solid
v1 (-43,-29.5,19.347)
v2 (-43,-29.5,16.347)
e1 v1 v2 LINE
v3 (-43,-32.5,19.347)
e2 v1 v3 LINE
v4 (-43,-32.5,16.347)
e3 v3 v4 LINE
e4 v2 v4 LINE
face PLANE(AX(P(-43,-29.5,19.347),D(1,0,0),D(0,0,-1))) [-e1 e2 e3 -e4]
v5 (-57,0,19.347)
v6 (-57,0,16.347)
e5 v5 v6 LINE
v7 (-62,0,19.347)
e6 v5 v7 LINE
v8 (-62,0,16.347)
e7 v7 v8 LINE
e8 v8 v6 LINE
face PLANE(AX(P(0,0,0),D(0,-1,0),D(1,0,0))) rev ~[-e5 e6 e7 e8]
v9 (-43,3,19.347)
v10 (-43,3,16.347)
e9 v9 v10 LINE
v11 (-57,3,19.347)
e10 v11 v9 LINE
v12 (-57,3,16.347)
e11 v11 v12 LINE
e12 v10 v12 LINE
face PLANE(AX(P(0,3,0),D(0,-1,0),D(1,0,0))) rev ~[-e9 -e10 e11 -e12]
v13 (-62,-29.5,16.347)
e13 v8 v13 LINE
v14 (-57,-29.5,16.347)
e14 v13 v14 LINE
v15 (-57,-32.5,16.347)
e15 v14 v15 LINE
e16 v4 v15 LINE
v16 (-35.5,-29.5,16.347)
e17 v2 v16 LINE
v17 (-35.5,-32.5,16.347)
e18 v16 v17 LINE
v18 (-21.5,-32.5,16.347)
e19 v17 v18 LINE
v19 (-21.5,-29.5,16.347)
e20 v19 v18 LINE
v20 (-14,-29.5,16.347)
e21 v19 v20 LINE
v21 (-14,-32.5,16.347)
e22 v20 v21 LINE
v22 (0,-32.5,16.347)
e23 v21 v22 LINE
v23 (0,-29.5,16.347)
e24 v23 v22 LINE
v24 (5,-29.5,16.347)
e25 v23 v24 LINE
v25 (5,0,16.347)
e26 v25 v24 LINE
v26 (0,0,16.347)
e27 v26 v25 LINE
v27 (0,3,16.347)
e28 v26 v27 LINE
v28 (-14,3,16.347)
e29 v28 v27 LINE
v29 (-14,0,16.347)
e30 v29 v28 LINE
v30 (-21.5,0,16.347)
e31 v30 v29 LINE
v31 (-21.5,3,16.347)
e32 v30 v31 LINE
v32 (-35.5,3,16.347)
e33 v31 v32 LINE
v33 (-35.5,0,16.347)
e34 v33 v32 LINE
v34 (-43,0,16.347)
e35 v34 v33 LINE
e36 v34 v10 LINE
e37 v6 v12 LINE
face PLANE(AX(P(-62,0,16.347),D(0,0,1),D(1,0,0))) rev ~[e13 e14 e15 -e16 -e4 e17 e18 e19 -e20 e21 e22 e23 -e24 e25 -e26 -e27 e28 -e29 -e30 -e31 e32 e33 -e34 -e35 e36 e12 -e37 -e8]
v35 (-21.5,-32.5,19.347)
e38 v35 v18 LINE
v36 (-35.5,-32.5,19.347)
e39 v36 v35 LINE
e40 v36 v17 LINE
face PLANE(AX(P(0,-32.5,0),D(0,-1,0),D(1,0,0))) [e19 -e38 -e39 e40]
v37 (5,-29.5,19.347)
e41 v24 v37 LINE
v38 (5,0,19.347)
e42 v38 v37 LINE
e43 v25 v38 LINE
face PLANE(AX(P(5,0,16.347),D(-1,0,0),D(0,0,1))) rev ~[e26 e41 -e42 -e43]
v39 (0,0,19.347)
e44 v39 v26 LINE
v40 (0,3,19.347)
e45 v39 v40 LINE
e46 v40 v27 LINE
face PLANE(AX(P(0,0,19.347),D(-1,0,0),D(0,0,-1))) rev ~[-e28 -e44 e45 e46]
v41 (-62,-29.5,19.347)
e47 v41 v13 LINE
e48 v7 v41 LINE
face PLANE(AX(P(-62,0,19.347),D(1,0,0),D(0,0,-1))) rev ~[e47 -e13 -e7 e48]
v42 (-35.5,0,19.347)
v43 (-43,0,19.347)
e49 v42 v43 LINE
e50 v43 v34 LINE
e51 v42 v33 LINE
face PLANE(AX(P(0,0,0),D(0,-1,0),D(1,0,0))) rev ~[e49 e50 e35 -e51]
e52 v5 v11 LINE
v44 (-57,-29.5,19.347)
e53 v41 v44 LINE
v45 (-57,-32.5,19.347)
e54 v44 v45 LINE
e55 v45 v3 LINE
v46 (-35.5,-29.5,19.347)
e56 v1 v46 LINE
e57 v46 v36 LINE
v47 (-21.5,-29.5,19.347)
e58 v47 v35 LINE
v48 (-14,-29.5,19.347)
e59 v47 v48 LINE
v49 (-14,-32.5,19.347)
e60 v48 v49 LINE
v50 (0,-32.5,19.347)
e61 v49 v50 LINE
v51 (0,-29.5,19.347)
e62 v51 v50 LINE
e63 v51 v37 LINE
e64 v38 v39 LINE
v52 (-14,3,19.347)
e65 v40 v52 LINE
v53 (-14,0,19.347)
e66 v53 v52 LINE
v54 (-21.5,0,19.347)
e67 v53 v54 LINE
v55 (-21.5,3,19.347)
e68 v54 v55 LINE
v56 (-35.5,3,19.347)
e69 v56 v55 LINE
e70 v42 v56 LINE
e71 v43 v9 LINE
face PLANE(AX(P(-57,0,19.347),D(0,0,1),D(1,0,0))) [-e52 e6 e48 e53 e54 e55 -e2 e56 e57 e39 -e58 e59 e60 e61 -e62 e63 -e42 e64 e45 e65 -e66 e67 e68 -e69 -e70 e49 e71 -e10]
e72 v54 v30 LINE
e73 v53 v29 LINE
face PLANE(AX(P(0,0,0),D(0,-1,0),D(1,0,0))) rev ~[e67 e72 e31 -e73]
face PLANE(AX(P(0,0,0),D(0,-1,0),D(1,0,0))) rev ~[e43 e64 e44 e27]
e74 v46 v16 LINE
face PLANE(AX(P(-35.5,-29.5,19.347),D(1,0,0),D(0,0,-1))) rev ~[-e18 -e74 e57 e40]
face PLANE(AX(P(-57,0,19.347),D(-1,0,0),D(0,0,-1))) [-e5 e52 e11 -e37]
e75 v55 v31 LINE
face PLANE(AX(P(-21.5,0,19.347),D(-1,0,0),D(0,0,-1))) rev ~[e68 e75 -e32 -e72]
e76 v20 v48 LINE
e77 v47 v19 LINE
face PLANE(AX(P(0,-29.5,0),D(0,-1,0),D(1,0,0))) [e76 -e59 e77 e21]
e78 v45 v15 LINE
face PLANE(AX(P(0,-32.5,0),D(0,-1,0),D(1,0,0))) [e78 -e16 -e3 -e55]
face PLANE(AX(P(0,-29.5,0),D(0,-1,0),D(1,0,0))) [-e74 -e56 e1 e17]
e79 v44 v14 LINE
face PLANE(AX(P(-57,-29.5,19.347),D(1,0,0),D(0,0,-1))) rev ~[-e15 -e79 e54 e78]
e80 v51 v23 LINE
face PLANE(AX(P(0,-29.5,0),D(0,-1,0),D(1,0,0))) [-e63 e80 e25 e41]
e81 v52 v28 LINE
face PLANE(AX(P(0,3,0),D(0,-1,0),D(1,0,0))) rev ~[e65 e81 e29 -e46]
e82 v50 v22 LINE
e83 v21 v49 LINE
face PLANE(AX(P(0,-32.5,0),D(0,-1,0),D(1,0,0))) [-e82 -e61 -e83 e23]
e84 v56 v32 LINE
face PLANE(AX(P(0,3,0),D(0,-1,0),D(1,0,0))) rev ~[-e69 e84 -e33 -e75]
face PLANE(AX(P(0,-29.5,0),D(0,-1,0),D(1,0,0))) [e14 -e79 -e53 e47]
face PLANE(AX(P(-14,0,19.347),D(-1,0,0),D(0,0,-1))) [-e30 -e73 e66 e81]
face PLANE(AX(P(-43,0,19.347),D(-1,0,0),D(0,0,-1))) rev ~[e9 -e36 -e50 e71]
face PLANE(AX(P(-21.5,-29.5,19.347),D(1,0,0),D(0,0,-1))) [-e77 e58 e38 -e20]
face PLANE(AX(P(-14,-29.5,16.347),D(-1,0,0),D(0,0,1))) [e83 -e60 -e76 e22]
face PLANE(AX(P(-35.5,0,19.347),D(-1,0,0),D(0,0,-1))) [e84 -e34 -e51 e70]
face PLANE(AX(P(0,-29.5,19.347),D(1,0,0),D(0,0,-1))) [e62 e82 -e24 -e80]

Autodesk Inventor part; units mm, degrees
ref_plane "YZ Plane" through (0, 0, 0) normal (1, 0, 0) x (0, 1, 0)
ref_plane "XZ Plane" through (0, 0, 0) normal (0, 1, 0) x (-1, 0, 0)
ref_plane "XY Plane" through (0, 0, 0) normal (0, 0, 1) x (1, 0, 0)
sketch "Boceto1" plane through (0, 0, 0) normal (0, 1, 0) x (-1, 0, 0)
  circle A0 centre (28.5, 0) radius 1.5
  circle A1 centre (28.5, -8) radius 1.5
  circle A2 centre (28.5, 8) radius 1.5
  circle A3 centre (36.5, 0) radius 1.5
  circle A4 centre (20.5, 0) radius 1.5
  circle A5 centre (28.5, 0) radius 47.5
  line L0 (57, 33) -> (43, 33)
  line L1 (43, 33) -> (43, 30)
  line L2 (35.5, 30) -> (35.5, 33)
  line L3 (35.5, 33) -> (21.5, 33)
  line L4 (21.5, 33) -> (21.5, 30)
  line L5 (14, 30) -> (14, 33)
  line L6 (14, 33) -> (0, 33)
  line L7 (43, 30) -> (57, 30)
  line L8 (21.5, 30) -> (35.5, 30)
  line L9 (14, 30) -> (0, 30)
  line L10 (0, 30) -> (0, 33)
  line L11 (57, 33) -> (57, 30)
  line L12 (35.5, -30) -> (35.5, -33)
  line L13 (21.5, -30) -> (35.5, -30)
  line L14 (35.5, -33) -> (21.5, -33)
  line L15 (21.5, -33) -> (21.5, -30)
  line L16 (57, -33) -> (43, -33)
  line L17 (43, -33) -> (43, -30)
  line L18 (43, -30) -> (57, -30)
  line L19 (14, -30) -> (14, -33)
  line L20 (14, -30) -> (0, -30)
  line L21 (14, -33) -> (0, -33)
  line L22 (0, -30) -> (0, -33)
  line L23 (57, -33) -> (57, -30)
extrude "Extrusión1" add sketch "Boceto1" along normal blind 3
sketch "Boceto2" plane through (-28.5, 0, 0) normal (0, -1, 0) x (1, 0, 0)
  circle A0 centre (0, 0) radius 3.5
  point P0 (28.5, 0)
  dimension "d23" = 7
extrude "Extrusión2" cut sketch "Boceto2" against normal blind 10
sketch "Boceto3" plane through (-28.5, 0, 0) normal (0, -1, 0) x (1, 0, 0)
  circle A0 centre (0, 0) radius 4.5
  point P0 (28.5, 0)
  dimension "d26" = 9
extrude "Extrusión3" cut sketch "Boceto3" against normal blind 10
sketch "Boceto4" plane through (-28.5, 0, 0) normal (0, -1, 0) x (1, 0, 0)
  circle A0 centre (0, 0) radius 4.5 projected
  arc A1 (-38.8091, 27.388) -> (38.8091, 27.388) centre (0, 0) ccw
  line L0 (-28.5, 30) -> (-28.5, 33) projected
  line L1 (-28.5, 30) -> (-28.5, 33)
  line L2 (-28.5, 33) -> (28.5, 33)
  line L3 (28.5, 33) -> (28.5, 30)
  line L4 (-14.5, 30) -> (-28.5, 30) projected
  line L5 (28.5, 30) -> (-28.5, 30)
  line L6 (-28.5, 33) -> (-31.5138, 33)
  line L7 (-31.5138, 33) -> (-31.5138, 30)
  line L8 (-31.5138, 30) -> (-28.5, 30)
  circle A2 centre (0, 0) radius 47.5 projected
  line L9 (38.8091, 27.388) -> (-38.8091, 27.388)
  point P0 (28.5, 0)
extrude "Extrusión4" cut sketch "Boceto4" against normal blind 10 contours L9 A1
sketch "Boceto5" plane through (0, 0, 0) normal (0, -1, 0) x (1, 0, 0)
  arc A0 (10.3091, 27.388) -> (-67.3091, 27.388) centre (-28.5, 0) ccw projected
  arc A1 (10.3091, 27.388) -> (-67.3091, 27.388) centre (-28.5, 0) ccw
  line L0 (-57, 19.347) -> (-43, 19.347)
  line L1 (0, 19.347) -> (-14, 19.347)
  line L2 (-14, 19.347) -> (-14, 16.347)
  line L3 (-21.5, 16.347) -> (-35.5, 16.347)
  line L4 (-43, 16.347) -> (-57, 16.347)
  line L5 (-57, 19.347) -> (-57, 16.347)
  line L6 (-43, 19.347) -> (-43, 16.347)
  line L7 (-35.5, 19.347) -> (-35.5, 16.347)
  line L8 (-21.5, 19.347) -> (-21.5, 16.347)
  line L9 (-14, 16.347) -> (0, 16.347)
  line L10 (0, 19.347) -> (0, 16.347)
  line L11 (-35.5, 19.347) -> (-21.5, 19.347)
  point P0 (0, 0)
  point P1 (-57, 30)
  point P2 (-21.5, 30)
  point P3 (0, 30)
extrude "Extrusión5" add sketch "Boceto5" against normal blind 3
sketch "Boceto6" plane through (0, 0, 0) normal (0, -1, 0) x (1, 0, 0)
  arc A0 (10.3091, 27.388) -> (-67.3091, 27.388) centre (-28.5, 0) ccw projected
  arc A1 (10.3091, 27.388) -> (-67.3091, 27.388) centre (-28.5, 0) ccw
  line L0 (-67.3091, 27.388) -> (10.3091, 27.388)
  point P0 (0, 0)
extrude "Extrusión6" cut sketch "Boceto6" against normal blind 3
sketch "Boceto7" plane through (0, 0, 0) normal (0, -1, 0) x (1, 0, 0)
  line L0 (-57, 19.347) -> (-43, 19.347) projected
  line L1 (-57, 19.347) -> (-62, 19.347)
  line L2 (-62, 19.347) -> (-62, 16.347)
  line L3 (-62, 16.347) -> (5, 16.347)
  line L4 (5, 16.347) -> (5, 19.347)
  line L5 (5, 19.347) -> (-62, 19.347)
  point P0 (0, 0)
  dimension "d36" = 5
  dimension "d37" = 67
extrude "Extrusión7" add sketch "Boceto7" along normal blind 29.5
sketch "Boceto8" plane through (0, -29.5, 0) normal (0, -1, 0) x (1, 0, 0)
  line L0 (-57, 19.347) -> (-43, 19.347) projected
  line L1 (-43, 16.347) -> (-57, 16.347) projected
  line L2 (-57, 19.347) -> (-57, 16.347)
  line L3 (-57, 16.347) -> (-43, 16.347)
  line L4 (-43, 19.347) -> (-43, 16.347) projected
  line L5 (-43, 16.347) -> (-43, 19.347)
  line L6 (-43, 19.347) -> (-57, 19.347)
  line L7 (-35.5, 19.347) -> (-21.5, 19.347) projected
  line L8 (-35.5, 19.347) -> (-35.5, 16.347)
  line L9 (-62, 16.347) -> (5, 16.347) projected
  line L10 (-21.5, 19.347) -> (-21.5, 16.347) projected
  line L11 (-35.5, 16.347) -> (-21.5, 16.347)
  line L12 (-21.5, 16.347) -> (-21.5, 19.347)
  line L13 (-21.5, 19.347) -> (-35.5, 19.347)
  line L14 (-14, 19.347) -> (0, 19.347) projected
  line L15 (-14, 19.347) -> (0, 19.347)
  line L16 (0, 19.347) -> (0, 16.347)
  line L17 (0, 16.347) -> (-14, 16.347)
  line L18 (-14, 16.347) -> (-14, 19.347) projected
  line L19 (-14, 16.347) -> (-14, 19.347)
  point P0 (0, 0)
extrude "Extrusión8" add sketch "Boceto8" along normal blind 3
properties part number "base4"
